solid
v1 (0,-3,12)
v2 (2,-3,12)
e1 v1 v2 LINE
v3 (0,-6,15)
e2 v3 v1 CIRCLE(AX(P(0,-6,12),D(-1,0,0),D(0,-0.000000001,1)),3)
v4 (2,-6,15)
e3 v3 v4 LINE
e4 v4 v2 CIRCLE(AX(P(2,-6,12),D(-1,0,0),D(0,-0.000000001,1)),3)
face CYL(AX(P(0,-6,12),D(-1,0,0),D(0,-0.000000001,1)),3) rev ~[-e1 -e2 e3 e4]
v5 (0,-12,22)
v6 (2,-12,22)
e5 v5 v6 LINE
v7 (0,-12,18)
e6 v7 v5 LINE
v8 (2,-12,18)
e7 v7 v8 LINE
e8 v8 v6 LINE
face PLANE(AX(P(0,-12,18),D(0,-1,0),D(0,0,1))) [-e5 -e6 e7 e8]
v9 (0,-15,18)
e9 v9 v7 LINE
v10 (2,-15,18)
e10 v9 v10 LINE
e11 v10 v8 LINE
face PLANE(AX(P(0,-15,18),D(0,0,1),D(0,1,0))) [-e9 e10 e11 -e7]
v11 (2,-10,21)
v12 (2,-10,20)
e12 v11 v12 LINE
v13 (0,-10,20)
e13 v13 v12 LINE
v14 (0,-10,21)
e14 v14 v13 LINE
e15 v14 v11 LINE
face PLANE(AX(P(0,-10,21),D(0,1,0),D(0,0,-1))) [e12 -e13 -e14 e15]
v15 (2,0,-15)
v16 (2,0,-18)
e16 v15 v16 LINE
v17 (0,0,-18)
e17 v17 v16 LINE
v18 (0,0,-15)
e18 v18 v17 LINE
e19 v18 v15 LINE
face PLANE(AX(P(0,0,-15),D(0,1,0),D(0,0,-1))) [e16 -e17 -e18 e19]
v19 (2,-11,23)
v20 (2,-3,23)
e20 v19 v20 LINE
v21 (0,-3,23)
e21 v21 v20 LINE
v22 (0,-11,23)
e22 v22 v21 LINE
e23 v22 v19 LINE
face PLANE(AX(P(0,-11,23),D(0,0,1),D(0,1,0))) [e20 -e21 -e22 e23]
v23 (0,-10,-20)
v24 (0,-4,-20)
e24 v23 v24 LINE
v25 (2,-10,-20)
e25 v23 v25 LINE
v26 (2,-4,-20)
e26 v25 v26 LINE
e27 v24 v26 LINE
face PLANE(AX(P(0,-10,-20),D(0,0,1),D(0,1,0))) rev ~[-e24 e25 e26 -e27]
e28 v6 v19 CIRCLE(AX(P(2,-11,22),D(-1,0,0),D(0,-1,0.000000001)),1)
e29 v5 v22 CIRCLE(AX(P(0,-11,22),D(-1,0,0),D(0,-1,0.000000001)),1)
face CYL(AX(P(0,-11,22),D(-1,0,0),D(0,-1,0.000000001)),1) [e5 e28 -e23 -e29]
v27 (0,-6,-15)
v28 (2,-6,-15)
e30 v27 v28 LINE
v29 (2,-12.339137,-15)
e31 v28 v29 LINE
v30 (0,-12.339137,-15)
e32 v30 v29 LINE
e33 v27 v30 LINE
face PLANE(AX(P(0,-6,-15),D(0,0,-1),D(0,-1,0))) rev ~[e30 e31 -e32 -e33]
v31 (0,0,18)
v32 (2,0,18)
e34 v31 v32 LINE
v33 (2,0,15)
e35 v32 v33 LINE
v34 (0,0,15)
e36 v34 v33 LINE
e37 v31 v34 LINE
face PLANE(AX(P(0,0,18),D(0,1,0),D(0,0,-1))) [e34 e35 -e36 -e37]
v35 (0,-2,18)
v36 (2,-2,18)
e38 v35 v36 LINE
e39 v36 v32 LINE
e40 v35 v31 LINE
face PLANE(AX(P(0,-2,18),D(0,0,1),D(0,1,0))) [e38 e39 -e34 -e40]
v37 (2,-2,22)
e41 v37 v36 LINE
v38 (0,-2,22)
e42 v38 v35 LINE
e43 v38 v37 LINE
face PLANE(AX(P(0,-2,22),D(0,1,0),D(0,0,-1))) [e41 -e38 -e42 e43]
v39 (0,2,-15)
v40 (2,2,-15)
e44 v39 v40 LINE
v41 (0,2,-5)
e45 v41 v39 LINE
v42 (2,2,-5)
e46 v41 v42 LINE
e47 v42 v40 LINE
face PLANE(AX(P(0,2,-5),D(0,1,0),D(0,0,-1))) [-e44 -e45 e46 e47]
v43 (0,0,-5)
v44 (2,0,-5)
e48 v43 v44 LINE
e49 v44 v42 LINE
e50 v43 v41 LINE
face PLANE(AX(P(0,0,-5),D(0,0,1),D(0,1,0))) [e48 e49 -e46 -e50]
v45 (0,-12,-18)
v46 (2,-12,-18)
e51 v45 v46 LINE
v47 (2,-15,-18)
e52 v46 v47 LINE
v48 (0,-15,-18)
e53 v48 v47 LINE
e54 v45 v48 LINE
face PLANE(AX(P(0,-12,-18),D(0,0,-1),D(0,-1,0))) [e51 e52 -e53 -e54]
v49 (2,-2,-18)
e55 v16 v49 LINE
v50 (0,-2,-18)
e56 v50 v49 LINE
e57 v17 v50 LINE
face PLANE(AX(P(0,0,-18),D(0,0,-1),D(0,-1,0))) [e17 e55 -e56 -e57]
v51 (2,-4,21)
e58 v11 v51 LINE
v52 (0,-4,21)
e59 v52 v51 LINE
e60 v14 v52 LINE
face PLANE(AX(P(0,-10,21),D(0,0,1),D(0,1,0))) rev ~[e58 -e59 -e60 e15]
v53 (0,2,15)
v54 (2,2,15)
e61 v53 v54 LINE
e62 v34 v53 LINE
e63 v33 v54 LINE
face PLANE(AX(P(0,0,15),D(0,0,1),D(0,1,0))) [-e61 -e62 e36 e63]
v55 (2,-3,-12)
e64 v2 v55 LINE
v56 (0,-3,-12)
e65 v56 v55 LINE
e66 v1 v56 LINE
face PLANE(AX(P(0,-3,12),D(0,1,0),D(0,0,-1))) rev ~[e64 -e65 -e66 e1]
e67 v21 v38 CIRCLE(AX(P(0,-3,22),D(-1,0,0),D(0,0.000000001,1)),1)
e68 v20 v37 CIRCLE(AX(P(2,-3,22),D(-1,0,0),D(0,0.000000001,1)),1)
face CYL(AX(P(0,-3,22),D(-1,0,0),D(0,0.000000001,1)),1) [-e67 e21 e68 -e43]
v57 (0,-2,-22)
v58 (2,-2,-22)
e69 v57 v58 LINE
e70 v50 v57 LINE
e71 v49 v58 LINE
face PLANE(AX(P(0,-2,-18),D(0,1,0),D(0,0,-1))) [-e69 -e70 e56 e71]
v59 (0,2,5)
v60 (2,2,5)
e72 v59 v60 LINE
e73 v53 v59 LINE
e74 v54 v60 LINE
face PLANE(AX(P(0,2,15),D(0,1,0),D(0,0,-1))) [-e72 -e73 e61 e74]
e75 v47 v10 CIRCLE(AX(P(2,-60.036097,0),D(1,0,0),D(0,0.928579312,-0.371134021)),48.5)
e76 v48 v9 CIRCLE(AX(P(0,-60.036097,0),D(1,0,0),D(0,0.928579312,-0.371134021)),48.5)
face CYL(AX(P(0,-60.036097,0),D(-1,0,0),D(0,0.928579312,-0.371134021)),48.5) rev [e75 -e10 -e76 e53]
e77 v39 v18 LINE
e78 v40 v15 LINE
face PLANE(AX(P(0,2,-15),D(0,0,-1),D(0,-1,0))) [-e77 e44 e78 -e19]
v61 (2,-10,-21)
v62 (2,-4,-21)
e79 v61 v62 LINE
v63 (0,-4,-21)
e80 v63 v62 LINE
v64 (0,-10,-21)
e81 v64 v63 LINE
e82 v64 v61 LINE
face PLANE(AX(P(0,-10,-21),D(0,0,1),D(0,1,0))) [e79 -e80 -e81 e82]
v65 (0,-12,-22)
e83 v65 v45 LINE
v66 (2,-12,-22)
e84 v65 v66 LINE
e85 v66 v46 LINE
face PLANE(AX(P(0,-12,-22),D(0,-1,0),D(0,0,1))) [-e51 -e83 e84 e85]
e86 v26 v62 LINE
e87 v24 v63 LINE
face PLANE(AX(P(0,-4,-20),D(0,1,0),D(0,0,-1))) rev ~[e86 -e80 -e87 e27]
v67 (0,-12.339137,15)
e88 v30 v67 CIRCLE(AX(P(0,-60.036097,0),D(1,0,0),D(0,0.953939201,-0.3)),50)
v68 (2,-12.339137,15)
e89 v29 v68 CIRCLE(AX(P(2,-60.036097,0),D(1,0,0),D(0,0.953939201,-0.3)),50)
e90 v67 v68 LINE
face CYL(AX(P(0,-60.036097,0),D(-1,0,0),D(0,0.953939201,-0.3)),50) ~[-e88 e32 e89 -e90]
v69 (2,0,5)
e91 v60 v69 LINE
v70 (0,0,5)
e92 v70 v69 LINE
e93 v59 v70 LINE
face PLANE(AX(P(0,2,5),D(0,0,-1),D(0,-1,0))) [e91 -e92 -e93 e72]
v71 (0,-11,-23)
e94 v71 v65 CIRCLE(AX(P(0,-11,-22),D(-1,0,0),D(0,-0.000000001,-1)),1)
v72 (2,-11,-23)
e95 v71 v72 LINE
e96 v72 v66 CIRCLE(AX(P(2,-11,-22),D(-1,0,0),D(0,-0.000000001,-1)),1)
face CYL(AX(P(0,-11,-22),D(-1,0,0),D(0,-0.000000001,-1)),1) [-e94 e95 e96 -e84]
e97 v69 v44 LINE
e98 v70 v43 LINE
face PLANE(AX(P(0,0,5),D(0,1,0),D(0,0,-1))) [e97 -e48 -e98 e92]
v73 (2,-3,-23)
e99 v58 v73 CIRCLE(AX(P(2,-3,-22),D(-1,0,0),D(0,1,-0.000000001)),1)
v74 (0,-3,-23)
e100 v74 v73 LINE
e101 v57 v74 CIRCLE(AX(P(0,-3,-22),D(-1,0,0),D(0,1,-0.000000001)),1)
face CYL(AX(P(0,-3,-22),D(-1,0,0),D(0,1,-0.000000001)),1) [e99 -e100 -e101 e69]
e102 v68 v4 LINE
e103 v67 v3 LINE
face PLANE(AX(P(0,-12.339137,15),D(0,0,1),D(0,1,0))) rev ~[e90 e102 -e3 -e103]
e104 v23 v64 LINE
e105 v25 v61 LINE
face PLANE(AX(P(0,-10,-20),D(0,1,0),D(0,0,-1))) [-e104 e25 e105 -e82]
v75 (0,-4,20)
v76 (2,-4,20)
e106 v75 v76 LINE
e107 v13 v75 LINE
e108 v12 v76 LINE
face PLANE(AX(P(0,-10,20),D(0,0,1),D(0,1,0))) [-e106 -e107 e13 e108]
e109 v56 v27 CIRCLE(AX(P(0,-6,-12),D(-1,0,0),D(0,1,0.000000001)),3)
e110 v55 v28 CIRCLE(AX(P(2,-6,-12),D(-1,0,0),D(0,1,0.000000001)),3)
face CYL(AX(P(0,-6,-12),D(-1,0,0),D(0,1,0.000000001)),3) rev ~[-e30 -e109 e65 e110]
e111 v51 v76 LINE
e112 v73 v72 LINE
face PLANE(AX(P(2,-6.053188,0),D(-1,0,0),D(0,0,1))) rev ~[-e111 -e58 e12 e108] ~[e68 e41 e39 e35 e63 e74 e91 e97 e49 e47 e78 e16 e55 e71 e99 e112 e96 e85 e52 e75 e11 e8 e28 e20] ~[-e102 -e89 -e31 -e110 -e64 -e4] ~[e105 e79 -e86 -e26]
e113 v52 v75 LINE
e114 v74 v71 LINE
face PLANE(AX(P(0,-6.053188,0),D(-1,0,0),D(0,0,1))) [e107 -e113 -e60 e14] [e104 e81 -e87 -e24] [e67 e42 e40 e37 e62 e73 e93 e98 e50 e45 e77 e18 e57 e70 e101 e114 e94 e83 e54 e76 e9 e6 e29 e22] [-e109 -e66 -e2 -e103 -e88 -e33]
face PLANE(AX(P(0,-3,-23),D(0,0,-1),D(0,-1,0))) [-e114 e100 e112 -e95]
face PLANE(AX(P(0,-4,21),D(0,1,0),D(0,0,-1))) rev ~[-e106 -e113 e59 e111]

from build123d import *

# Parameters (mm, degrees)
SKETCH1_W           = 1
SKETCH1_H           = 6
BOSS_EXTRUDE1_DEPTH = 2


with BuildPart() as part:
    # Sketch1 → Boss-Extrude1 (new body)
    with BuildSketch(Plane(origin=(0, 0, 0), x_dir=(0, 0, -1), z_dir=(1, 0, 0))):
        with BuildLine():
            Line((-18, 0), (-15, 0))
            Line((-15, 0), (-15, 2))
            Line((-15, 2), (-5, 2))
            Line((-5, 2), (-5, 0))
            Line((-5, 0), (5, 0))
            Line((5, 0), (5, 2))
            Line((5, 2), (15, 2))
            Line((15, 2), (15, 0))
            Line((15, 0), (18, 0))
            Line((18, 0), (18, -2))
            Line((18, -2), (22, -2))
            ThreePointArc((22, -2), (22.707106781, -2.292893219), (23, -3))
            Line((23, -3), (23, -11))
            ThreePointArc((23, -11), (22.707106781, -11.707106781), (22, -12))
            Line((22, -12), (18, -12))
            Line((18, -12), (18, -15))
            ThreePointArc((18, -15), (0, -11.536096634), (-18, -15))
            Line((-18, -15), (-18, -12))
            Line((-18, -12), (-22, -12))
            ThreePointArc((-22, -12), (-22.707106781, -11.707106781), (-23, -11))
            Line((-23, -11), (-23, -3))
            ThreePointArc((-23, -3), (-22.707106781, -2.292893219), (-22, -2))
            Line((-22, -2), (-18, -2))
            Line((-18, -2), (-18, 0))
        make_face()
        with BuildLine():
            Line((-15, -12.339136563), (-15, -6))
            ThreePointArc((-15, -6), (-14.121320344, -3.878679656), (-12, -3))
            Line((-12, -3), (12, -3))
            ThreePointArc((12, -3), (14.121320344, -3.878679656), (15, -6))
            Line((15, -6), (15, -12.339136563))
            ThreePointArc((15, -12.339136563), (0, -10.036096634), (-15, -12.339136563))
        make_face(mode=Mode.SUBTRACT)
        with Locations((-20.5, -7)):
            Rectangle(SKETCH1_W, SKETCH1_H, mode=Mode.SUBTRACT)
        with Locations((20.5, -7)):
            Rectangle(SKETCH1_W, SKETCH1_H, mode=Mode.SUBTRACT)
    extrude(amount=BOSS_EXTRUDE1_DEPTH)


solid = part.part
